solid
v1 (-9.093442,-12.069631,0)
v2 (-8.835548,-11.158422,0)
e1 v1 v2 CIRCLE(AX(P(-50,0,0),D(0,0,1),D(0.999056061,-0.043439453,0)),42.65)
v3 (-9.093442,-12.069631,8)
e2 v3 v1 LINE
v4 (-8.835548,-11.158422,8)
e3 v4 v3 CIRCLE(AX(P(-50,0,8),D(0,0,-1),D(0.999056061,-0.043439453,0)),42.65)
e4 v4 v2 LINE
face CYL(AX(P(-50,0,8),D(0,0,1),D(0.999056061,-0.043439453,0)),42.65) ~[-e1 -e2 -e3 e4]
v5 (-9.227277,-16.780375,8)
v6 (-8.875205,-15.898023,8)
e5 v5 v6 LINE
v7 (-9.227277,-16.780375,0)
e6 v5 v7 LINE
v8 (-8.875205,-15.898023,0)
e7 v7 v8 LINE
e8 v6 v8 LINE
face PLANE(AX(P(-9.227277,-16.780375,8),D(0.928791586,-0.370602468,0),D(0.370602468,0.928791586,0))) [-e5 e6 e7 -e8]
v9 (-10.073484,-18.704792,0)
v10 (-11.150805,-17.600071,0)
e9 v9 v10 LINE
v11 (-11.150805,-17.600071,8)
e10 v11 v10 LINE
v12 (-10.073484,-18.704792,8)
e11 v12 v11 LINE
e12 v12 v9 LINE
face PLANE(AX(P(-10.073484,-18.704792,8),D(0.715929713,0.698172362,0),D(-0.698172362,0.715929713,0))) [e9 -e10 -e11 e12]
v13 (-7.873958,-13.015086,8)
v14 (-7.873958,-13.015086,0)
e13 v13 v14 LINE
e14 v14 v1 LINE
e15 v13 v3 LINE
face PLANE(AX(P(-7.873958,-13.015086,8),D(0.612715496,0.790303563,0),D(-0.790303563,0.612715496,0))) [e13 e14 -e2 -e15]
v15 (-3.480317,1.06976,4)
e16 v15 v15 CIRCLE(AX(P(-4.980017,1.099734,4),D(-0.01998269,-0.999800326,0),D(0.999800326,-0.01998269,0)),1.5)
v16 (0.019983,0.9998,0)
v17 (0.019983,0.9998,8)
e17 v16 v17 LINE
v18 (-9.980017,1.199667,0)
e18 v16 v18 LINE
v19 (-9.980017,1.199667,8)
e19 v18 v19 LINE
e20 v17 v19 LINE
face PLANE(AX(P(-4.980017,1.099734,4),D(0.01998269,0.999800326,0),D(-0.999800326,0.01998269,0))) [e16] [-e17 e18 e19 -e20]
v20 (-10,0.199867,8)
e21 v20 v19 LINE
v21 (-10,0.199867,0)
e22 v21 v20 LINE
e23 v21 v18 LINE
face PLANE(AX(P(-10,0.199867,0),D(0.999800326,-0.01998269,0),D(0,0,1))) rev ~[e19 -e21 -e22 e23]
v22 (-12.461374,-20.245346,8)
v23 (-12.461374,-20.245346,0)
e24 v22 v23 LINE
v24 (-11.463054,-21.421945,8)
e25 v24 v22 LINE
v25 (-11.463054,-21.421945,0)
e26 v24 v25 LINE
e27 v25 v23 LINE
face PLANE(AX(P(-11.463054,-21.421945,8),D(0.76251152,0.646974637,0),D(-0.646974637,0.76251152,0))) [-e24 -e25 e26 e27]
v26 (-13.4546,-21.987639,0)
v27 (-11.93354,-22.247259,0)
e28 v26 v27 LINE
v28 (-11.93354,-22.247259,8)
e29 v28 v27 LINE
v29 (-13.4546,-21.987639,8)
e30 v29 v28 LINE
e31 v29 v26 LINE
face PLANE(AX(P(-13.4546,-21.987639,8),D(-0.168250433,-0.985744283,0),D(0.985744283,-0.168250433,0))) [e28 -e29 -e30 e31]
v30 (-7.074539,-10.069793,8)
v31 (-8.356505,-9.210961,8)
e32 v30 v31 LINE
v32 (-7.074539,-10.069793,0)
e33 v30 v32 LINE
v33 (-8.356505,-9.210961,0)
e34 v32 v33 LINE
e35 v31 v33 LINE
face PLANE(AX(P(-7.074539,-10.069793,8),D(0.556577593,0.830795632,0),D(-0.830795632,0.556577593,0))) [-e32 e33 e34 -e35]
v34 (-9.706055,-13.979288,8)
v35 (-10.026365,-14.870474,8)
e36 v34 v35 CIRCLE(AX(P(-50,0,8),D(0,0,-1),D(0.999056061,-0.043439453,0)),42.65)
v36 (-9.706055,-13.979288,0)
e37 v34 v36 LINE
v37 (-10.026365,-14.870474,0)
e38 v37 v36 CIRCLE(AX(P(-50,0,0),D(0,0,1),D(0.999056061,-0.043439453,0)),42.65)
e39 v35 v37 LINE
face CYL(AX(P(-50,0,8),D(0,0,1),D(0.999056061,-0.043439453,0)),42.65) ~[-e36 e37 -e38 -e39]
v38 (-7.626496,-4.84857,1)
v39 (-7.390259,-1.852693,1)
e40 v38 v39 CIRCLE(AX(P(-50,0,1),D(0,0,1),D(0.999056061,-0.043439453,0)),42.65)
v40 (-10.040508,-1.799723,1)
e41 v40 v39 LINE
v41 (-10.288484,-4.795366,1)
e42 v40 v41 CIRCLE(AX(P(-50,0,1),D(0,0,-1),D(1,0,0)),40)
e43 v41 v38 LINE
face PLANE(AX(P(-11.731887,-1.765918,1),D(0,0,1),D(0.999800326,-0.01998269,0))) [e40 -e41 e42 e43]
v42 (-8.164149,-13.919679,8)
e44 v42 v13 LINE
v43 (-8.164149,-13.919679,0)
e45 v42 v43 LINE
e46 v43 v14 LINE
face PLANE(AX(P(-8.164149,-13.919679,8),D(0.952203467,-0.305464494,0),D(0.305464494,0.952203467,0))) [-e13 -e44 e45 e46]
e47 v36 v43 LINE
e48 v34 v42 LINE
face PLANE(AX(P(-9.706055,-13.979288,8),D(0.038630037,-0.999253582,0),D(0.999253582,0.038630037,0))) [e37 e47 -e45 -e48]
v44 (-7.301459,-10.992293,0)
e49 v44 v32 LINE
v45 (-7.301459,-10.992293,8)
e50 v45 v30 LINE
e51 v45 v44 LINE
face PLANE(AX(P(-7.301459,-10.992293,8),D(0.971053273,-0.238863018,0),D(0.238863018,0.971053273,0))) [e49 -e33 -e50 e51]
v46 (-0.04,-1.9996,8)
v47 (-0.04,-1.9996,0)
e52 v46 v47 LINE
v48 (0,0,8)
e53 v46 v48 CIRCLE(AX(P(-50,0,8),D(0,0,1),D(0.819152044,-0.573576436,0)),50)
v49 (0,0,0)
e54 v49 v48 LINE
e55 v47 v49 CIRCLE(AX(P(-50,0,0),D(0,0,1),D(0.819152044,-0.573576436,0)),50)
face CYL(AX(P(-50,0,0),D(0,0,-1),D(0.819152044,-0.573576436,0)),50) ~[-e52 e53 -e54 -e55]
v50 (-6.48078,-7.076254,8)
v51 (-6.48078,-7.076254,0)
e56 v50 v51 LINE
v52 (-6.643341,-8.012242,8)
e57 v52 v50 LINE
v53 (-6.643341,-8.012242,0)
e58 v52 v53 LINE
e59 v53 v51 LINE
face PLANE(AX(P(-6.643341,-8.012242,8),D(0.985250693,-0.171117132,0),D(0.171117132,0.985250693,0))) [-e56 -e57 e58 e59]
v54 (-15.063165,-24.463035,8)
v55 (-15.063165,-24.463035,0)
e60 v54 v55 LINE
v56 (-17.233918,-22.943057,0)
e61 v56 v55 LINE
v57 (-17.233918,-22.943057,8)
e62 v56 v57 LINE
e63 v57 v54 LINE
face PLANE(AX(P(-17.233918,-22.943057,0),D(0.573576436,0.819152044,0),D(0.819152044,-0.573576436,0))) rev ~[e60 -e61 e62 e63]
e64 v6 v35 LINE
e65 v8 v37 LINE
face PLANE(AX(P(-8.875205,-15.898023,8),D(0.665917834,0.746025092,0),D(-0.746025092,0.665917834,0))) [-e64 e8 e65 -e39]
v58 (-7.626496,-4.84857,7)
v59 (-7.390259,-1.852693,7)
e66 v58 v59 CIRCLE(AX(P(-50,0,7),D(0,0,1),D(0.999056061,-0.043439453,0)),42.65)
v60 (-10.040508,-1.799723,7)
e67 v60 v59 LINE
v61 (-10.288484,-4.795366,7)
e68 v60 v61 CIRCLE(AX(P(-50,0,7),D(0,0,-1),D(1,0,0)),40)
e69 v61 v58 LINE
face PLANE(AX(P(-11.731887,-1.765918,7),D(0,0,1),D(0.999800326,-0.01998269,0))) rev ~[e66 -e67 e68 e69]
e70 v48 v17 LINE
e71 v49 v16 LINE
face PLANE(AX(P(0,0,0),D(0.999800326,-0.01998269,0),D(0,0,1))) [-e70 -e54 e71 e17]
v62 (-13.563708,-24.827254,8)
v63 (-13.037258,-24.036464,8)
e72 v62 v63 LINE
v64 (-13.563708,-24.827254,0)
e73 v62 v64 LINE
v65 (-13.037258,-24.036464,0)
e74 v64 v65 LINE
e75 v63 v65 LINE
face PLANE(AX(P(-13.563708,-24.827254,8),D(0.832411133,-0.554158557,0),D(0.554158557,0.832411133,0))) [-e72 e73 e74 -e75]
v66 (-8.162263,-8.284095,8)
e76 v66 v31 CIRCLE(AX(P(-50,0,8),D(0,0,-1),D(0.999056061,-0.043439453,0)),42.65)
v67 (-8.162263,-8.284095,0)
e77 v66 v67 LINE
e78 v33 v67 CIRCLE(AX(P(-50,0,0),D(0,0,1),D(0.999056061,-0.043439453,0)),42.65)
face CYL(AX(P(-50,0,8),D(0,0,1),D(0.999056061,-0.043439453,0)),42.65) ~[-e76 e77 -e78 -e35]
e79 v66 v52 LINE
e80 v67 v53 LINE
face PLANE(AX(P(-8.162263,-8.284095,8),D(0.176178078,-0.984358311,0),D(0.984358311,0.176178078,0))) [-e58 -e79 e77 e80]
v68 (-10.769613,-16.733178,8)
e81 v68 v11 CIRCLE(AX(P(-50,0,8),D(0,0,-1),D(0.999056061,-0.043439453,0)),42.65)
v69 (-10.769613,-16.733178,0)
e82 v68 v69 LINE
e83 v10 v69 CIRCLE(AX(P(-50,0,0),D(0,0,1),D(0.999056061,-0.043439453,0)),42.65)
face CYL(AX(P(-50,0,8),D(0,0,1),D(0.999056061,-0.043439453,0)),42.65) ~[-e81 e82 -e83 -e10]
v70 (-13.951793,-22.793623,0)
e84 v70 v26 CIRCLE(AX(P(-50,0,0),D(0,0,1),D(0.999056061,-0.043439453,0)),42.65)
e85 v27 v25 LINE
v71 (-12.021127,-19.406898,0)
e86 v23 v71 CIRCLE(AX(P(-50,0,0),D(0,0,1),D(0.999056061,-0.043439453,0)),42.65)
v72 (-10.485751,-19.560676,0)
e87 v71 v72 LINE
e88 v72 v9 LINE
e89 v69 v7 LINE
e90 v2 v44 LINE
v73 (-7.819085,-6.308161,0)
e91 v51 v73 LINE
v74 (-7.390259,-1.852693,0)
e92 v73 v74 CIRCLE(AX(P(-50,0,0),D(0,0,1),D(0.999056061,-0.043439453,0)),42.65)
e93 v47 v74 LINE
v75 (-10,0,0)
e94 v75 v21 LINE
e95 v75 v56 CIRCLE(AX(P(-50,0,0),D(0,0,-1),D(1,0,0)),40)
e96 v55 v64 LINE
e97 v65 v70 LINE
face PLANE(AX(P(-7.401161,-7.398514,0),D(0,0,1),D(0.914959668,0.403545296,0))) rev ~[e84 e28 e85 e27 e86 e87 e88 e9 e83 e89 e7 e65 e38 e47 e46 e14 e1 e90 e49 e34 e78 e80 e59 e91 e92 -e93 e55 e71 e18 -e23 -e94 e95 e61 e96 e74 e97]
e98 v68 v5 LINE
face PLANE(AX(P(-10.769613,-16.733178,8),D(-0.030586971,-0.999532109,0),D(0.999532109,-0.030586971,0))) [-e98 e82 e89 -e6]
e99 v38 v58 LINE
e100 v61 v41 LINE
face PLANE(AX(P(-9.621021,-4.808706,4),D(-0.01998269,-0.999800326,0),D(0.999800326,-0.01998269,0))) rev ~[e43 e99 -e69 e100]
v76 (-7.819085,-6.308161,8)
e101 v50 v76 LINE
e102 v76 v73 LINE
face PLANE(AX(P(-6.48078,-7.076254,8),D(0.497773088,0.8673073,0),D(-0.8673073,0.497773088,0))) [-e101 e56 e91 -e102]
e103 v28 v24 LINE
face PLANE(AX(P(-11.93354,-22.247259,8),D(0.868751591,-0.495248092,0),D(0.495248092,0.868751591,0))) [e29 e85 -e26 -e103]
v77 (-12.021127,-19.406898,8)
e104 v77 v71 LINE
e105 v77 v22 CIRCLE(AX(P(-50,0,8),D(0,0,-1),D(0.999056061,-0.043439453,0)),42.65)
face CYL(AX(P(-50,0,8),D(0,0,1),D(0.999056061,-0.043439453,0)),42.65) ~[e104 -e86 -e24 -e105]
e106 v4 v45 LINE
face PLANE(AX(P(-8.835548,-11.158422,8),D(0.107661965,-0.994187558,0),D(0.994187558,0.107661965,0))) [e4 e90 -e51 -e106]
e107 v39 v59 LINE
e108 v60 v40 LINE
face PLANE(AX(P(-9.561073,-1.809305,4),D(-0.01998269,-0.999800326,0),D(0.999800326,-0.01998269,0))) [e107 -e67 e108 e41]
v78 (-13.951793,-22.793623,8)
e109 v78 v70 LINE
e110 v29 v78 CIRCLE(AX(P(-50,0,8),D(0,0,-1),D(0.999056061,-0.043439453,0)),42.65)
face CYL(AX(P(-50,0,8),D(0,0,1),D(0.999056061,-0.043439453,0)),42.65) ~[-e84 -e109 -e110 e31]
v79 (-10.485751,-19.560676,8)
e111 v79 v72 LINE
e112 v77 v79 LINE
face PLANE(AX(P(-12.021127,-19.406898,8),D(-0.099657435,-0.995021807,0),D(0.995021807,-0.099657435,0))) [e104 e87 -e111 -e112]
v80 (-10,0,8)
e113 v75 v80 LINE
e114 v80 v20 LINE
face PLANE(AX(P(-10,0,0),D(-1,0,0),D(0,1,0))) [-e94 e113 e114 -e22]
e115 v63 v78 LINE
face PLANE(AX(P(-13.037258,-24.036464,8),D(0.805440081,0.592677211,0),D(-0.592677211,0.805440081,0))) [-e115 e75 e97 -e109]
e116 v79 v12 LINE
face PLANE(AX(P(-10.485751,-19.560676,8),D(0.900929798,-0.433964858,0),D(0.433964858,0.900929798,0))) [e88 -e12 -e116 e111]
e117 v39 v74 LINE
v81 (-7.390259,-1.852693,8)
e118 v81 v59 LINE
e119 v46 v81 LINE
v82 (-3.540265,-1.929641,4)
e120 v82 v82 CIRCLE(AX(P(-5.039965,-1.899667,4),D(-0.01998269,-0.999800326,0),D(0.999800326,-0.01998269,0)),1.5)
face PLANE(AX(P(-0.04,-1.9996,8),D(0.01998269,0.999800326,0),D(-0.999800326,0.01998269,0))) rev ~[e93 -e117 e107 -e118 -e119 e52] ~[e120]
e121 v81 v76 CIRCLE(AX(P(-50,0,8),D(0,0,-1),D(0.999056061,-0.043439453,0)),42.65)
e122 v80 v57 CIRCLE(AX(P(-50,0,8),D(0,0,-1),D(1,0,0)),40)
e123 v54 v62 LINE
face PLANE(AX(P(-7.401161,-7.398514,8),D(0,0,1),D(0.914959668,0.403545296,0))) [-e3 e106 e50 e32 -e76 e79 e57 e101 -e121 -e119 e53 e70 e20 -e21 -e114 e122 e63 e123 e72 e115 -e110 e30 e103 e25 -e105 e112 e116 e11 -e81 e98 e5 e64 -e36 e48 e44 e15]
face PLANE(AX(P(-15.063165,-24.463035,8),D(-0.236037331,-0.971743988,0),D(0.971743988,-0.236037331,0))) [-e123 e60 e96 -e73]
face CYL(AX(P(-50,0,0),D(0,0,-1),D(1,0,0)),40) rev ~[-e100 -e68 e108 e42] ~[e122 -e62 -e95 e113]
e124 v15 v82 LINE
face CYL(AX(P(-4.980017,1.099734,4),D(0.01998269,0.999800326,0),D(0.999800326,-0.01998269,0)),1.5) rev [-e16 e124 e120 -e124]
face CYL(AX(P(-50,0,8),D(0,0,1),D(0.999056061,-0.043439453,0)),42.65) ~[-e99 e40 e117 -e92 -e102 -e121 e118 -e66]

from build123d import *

# Parameters (mm, degrees)
EXTRUDE1_DEPTH    = 8
EXTRUDE5_DEPTH    = 8
SKETCH4_W         = 10.001997138
SKETCH4_H         = 8
EXTRUDE6_DEPTH    = 1
SKETCH2_R         = 1.5
EXTRUDE2_DEPTH    = 3
EXTRUDE7_DEPTH    = 9
SKETCH6_W         = 4.34249483
SKETCH6_H         = 6
EXTRUDE8_DEPTH    = 3
EXTRUDE9_DEPTH    = 8
CIRPATTERN1_COUNT = 7
CIRPATTERN1_ANGLE = 23.8


with BuildPart() as part:
    # Sketch1 → Extrude1 (new body)
    with BuildSketch(Plane.XY):
        with BuildLine():
            Line((0, 0), (-10, 0))
            ThreePointArc((-10, 0), (-11.85132197, -12.02823198), (-17.233918228, -22.943057454))
            Line((-17.233918228, -22.943057454), (-9.042397786, -28.678821818))
            ThreePointArc((-9.042397786, -28.678821818), (-2.314152463, -15.035289975), (0, 0))
        make_face()
    extrude(amount=EXTRUDE1_DEPTH)

    # Sketch3 → Extrude5 (add)
    with BuildSketch(Plane.XY):
        Polygon((-10, 0), (-10, 0.199866806), (0, 0), align=None)
    extrude(amount=EXTRUDE5_DEPTH)

    # Sketch4 → Extrude6 (add)
    with BuildSketch(Plane(origin=(0, 0, 0), x_dir=(-0.999800326, 0.01998269, 0), z_dir=(0.01998269, 0.999800326, 0))):
        with Locations((5.000998569, 4)):
            Rectangle(SKETCH4_W, SKETCH4_H)
    extrude(amount=EXTRUDE6_DEPTH)

    # Sketch2 → Extrude2 (cut)
    with BuildSketch(Plane(origin=(0.01998269, 0.999800326, 0), x_dir=(0.999800326, -0.01998269, 0), z_dir=(-0.01998269, -0.999800326, 0))):
        with Locations((-5.000998569, 4)):
            Circle(SKETCH2_R)
    extrude(amount=EXTRUDE2_DEPTH, mode=Mode.SUBTRACT)

    # Sketch5 → Extrude7 (cut, through all)
    with BuildSketch(Plane.XY.offset(8)):
        with BuildLine():
            Line((-0.04, -1.99959996), (-7.39025898, -1.852692681))
            ThreePointArc((-7.39025898, -1.852692681), (-9.612195577, -13.705756232), (-15.063165311, -24.46303501))
            Line((-15.063165311, -24.46303501), (-9.042397786, -28.678821818))
            Line((-9.042397786, -28.678821818), (-2.903131431, -26.123748854))
            Line((-2.903131431, -26.123748854), (1.597548849, -2.850180748))
            Line((1.597548849, -2.850180748), (-0.04, -1.99959996))
        make_face()
    extrude(amount=-EXTRUDE7_DEPTH, mode=Mode.SUBTRACT)

    # Sketch6 → Extrude8 (cut)
    with BuildSketch(Plane(origin=(-0.03996538, -1.999600652, 0), x_dir=(0.999800326, -0.01998269, 0), z_dir=(-0.01998269, -0.999800326, 0))):
        with Locations((-9.52300897, 4)):
            Rectangle(SKETCH6_W, SKETCH6_H)
    extrude(amount=EXTRUDE8_DEPTH, mode=Mode.SUBTRACT)

    # Sketch7 → Extrude9 (add)
    with BuildSketch(Plane.XY.offset(8)):
        Polygon((-15.063165311, -24.46303501), (-13.5637082, -24.827254247), (-13.037257571, -24.036463671), (-13.951792747, -22.793623096), align=None)
    extrude9 = extrude(amount=-EXTRUDE9_DEPTH)

    # CirPattern1: Extrude9 ×7 about axis
    cirpattern1_axis = Axis((-50, 0, 0), (0, 0, 1))
    for i in range(1, CIRPATTERN1_COUNT):
        add(extrude9.rotate(cirpattern1_axis, i * CIRPATTERN1_ANGLE / (CIRPATTERN1_COUNT - 1)))


solid = part.part
